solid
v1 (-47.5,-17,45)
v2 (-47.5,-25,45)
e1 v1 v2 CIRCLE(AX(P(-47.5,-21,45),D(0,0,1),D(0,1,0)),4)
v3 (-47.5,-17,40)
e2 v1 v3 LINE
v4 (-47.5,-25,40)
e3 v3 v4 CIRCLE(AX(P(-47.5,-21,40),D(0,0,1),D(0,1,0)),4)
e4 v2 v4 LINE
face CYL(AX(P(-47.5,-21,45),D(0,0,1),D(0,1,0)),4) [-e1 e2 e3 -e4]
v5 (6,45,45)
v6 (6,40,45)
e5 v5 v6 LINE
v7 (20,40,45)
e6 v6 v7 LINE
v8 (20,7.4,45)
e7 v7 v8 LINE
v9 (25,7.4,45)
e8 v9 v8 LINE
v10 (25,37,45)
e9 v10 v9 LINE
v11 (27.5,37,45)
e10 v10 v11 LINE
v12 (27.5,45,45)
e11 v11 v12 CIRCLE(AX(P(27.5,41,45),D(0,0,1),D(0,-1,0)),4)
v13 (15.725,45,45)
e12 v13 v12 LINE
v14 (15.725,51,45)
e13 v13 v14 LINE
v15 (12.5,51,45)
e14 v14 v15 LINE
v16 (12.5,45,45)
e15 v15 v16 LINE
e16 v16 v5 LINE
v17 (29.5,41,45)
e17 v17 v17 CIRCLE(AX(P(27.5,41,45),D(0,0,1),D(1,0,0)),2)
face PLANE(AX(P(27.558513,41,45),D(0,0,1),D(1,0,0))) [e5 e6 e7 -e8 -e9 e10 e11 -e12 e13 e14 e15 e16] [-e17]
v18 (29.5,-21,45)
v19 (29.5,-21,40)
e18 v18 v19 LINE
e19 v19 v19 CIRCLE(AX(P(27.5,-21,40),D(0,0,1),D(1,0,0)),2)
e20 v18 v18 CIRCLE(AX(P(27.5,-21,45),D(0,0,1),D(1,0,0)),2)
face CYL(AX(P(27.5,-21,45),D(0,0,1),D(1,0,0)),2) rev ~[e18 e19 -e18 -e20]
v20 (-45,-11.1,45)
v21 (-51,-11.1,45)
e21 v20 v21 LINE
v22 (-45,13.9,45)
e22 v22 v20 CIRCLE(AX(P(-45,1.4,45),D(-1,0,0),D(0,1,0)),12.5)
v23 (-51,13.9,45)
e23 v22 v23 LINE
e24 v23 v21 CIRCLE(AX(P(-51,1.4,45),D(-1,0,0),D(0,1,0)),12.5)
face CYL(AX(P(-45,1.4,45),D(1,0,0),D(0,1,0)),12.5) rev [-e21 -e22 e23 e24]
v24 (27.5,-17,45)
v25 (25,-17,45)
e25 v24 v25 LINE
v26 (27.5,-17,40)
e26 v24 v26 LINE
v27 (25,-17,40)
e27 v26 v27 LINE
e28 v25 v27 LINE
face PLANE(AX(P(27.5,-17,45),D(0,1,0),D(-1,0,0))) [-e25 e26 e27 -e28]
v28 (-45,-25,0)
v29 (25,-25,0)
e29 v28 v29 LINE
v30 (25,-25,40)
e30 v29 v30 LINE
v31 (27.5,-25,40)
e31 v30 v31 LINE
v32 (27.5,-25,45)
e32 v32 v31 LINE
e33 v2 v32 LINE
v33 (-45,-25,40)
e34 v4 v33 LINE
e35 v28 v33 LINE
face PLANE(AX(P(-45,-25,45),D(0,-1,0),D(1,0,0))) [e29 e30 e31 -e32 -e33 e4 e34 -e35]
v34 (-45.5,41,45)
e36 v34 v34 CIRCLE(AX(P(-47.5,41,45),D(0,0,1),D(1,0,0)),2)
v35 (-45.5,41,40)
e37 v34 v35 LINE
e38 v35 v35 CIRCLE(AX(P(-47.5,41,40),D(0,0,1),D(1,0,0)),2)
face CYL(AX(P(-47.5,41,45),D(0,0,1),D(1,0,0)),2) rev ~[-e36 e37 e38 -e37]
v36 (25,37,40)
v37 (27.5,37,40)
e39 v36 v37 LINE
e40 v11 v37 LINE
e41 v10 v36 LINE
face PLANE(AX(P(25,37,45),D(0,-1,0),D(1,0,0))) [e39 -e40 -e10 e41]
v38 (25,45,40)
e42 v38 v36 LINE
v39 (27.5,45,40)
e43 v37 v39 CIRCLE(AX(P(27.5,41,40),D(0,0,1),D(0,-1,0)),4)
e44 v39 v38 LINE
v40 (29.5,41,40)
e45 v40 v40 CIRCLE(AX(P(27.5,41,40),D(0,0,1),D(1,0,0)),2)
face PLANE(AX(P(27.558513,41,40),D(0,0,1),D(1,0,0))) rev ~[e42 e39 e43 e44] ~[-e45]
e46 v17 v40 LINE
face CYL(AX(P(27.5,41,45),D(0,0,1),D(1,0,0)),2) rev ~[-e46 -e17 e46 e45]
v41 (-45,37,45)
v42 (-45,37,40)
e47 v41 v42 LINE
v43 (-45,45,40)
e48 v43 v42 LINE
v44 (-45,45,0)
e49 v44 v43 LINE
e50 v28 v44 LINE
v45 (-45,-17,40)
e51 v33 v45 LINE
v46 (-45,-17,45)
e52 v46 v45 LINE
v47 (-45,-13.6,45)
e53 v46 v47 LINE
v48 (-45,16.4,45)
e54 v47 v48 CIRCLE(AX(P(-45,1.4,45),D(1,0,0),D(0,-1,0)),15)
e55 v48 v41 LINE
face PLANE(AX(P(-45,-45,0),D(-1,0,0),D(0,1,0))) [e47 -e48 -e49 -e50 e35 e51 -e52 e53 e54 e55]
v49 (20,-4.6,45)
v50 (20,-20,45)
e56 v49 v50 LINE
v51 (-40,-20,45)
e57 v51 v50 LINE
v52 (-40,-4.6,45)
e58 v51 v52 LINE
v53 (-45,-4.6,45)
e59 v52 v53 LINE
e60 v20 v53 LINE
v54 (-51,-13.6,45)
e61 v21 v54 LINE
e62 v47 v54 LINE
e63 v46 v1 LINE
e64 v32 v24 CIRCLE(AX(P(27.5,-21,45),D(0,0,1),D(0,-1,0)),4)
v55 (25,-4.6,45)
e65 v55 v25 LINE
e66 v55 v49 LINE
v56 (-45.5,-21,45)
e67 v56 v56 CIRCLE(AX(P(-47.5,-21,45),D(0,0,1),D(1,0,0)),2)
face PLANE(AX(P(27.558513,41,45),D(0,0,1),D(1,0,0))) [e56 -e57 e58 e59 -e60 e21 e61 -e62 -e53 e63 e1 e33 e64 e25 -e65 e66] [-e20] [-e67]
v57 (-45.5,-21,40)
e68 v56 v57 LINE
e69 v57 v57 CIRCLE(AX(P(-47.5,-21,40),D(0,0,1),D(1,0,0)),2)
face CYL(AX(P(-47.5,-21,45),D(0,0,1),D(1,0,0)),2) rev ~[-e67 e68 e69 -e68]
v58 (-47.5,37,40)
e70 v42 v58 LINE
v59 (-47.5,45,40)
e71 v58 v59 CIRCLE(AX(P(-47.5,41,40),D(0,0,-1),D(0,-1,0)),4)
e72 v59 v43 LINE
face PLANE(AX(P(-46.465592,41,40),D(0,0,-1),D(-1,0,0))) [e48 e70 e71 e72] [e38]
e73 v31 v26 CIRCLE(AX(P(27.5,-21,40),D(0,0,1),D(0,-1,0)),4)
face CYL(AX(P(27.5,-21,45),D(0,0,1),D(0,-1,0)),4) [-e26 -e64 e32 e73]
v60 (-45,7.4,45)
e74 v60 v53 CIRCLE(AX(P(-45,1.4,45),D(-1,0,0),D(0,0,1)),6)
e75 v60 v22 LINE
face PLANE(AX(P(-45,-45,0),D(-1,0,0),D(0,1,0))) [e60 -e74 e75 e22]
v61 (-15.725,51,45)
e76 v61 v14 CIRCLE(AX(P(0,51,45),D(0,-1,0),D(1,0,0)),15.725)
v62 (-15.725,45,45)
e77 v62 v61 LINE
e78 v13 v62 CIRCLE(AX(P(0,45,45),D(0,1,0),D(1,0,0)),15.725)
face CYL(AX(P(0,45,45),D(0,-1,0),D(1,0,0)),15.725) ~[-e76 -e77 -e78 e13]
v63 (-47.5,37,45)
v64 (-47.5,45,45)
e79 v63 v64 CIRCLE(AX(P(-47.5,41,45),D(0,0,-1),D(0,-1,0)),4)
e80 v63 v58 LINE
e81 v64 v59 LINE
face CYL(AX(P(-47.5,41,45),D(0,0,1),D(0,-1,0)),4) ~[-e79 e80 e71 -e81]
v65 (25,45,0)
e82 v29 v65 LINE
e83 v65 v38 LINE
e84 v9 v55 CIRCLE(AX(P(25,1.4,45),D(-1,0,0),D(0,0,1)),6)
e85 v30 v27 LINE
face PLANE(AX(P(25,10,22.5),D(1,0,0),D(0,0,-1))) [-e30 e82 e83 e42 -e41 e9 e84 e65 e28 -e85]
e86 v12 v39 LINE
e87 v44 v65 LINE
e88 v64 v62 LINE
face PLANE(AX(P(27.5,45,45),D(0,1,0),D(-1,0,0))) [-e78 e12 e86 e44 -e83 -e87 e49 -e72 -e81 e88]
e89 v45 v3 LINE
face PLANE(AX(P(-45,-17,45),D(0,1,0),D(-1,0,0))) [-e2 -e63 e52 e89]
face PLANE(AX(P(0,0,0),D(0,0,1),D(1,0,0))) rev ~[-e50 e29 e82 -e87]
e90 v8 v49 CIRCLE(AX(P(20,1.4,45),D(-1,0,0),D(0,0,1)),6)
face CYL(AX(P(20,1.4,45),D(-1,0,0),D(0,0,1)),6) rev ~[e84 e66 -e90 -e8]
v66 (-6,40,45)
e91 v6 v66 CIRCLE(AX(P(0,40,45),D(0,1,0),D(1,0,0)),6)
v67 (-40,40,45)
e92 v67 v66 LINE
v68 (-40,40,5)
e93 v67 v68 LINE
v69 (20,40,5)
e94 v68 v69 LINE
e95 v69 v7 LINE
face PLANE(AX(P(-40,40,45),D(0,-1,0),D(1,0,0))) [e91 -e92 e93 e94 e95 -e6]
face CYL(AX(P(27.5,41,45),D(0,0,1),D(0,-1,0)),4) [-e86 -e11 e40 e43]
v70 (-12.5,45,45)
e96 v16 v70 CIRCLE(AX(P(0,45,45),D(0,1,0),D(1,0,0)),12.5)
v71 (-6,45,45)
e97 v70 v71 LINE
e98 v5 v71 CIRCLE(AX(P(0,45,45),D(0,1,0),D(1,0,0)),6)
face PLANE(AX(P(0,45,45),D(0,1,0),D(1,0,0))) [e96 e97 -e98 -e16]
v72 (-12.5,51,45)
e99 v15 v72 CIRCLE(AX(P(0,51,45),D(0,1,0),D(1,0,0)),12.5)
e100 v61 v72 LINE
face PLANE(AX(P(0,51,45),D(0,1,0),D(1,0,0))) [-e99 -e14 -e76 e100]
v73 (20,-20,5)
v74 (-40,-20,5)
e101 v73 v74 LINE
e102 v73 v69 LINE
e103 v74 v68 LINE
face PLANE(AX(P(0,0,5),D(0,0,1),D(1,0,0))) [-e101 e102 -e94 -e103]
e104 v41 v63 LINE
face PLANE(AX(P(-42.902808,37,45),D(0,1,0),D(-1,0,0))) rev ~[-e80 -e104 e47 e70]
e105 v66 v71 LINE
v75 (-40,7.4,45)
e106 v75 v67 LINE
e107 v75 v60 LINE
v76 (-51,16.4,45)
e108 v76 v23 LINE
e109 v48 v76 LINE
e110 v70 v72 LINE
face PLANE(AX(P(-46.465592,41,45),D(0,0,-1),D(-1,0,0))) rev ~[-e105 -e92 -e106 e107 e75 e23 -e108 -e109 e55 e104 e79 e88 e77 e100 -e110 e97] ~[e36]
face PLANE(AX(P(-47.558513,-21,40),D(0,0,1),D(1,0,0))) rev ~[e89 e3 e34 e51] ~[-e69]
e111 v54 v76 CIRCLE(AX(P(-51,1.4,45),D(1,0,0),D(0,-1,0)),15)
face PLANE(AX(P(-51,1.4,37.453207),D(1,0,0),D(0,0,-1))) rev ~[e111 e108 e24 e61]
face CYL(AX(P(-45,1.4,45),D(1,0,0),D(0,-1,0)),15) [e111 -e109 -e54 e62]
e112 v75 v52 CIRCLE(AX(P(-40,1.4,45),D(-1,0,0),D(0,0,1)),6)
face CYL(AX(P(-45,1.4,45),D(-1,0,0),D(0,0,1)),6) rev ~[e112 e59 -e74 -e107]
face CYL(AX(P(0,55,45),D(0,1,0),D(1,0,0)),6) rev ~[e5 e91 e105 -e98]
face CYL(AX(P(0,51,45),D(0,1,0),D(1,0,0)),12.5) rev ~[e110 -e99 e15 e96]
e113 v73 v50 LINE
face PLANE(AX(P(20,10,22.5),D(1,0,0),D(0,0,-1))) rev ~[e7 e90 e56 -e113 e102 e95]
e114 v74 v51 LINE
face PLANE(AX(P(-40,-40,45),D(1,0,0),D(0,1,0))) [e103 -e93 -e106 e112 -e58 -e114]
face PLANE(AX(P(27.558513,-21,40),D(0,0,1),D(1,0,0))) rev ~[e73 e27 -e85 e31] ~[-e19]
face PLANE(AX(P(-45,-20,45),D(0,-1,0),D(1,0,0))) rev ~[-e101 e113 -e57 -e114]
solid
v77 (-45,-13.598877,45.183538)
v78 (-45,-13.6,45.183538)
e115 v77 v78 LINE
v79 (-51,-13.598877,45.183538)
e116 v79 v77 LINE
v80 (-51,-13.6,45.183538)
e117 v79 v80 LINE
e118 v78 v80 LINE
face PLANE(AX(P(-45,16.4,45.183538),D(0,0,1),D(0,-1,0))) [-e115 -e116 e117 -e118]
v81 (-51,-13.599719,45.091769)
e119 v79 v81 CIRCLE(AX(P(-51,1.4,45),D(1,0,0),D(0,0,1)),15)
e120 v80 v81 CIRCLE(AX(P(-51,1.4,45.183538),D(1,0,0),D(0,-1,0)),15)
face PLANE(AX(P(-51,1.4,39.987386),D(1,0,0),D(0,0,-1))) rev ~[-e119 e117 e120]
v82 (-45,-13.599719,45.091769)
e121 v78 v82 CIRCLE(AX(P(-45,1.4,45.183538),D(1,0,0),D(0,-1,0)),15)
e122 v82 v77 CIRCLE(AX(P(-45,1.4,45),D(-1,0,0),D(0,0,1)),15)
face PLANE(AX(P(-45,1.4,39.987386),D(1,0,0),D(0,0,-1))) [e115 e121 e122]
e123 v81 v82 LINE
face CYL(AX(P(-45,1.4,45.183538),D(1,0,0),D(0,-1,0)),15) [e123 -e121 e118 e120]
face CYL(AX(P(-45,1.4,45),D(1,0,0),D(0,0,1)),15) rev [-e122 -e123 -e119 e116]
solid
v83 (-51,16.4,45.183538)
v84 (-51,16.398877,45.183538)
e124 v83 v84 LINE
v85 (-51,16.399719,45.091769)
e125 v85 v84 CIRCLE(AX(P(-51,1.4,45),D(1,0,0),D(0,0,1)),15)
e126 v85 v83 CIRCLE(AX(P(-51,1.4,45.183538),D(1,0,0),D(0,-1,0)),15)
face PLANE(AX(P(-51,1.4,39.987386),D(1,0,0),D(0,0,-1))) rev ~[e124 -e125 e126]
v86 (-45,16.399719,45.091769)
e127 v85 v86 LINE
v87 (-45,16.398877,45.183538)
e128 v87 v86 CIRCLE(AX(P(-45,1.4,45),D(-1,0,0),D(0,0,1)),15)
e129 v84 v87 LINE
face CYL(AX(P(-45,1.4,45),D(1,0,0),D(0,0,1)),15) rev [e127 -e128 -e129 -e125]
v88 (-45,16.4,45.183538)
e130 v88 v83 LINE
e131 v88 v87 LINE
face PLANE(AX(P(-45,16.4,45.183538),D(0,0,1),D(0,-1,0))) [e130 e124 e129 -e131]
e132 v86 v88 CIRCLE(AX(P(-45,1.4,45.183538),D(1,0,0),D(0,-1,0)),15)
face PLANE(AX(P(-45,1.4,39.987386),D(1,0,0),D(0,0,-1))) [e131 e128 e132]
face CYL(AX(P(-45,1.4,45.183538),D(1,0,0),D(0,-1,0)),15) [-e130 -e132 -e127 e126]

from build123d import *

# Parameters (mm, degrees)
SKETCH_1_W               = 90
SKETCH_1_H               = 90
EXTRUDE_2_DEPTH          = 45
SKETCH_2_W               = 80
SKETCH_2_H               = 80
CUT_EXTRUDE_1_DEPTH      = 40
EXTRUDE_3_DEPTH          = 10
SKETCH_4_R               = 1
EXTRUDE_4_DEPTH          = 2
SKETCH_5_R               = 6
CUT_EXTRUDE_2_DEPTH      = 30
EXTRUDE_5_DEPTH          = 6
CUT_EXTRUDE_START        = -2
CUT_EXTRUDE_3_DEPTH      = 6
SKETCH_8_R               = 12.5
CUT_EXTRUDE_4_DEPTH      = 6
SKETCH_9_R               = 6
CUT_EXTRUDE_5_DEPTH      = 500
SKETCH_10_R              = 2
EXTRUDE_6_DEPTH          = 5
CUT_EXTRUDE_6_DEPTH      = 86.393013363
CUT_EXTRUDE_6_DEPTH_BACK = 86.393013363
EXTRUDE_8_DEPTH          = 5
EXTRUDE_9_REACH          = 89.762
SKETCH_13_W              = 70
SKETCH_13_H              = 5
SKETCH_14_R              = 2
SKETCH_14_W              = 3.535716984
SKETCH_14_H              = 8
EXTRUDE_10_DEPTH         = 5
SKETCH_15_R              = 15
CUT_EXTRUDE_7_DEPTH      = 30
SKETCH_16_R              = 34.759531797
CUT_EXTRUDE_8_DEPTH      = 4
SKETCH_17_R              = 12.5
CUT_EXTRUDE_9_DEPTH      = 6
SKETCH_18_R              = 6
CUT_EXTRUDE_10_DEPTH     = 10
EXTRUDE_11_DEPTH         = 6


with BuildPart() as part:
    # 草图1 → 凸台-拉伸2 (new body)
    with BuildSketch(Plane.XY):
        Rectangle(SKETCH_1_W, SKETCH_1_H)
    extrude(amount=EXTRUDE_2_DEPTH)

    # 草图2 → 切除-拉伸1 (cut)
    with BuildSketch(Plane.XY.offset(45)):
        Rectangle(SKETCH_2_W, SKETCH_2_H)
    extrude(amount=-CUT_EXTRUDE_1_DEPTH, mode=Mode.SUBTRACT)

    # 草图3 → 凸台-拉伸3 (add)
    with BuildSketch(Plane(origin=(0, 45, 0), x_dir=(1, 0, 0), z_dir=(0, 1, 0))):
        with BuildLine():
            Line((-15.725, -45), (15.725, -45))
            ThreePointArc((15.725, -45), (0, -29.275), (-15.725, -45))
        make_face()
    extrude(amount=EXTRUDE_3_DEPTH)

    # 草图4 → 凸台-拉伸4 (add)
    with BuildSketch(Plane(origin=(0, 55, 0), x_dir=(1, 0, 0), z_dir=(0, 1, 0))):
        with BuildLine():
            Line((-13.344644505, -28.920245738), (13.344644505, -28.920245738))
            ThreePointArc((13.344644505, -28.920245738), (16.17307163, -30.091818614), (17.344644505, -32.920245738))
            Line((17.344644505, -32.920245738), (17.344644505, -45))
            Line((17.344644505, -45), (-17.344644505, -45))
            Line((-17.344644505, -45), (-17.344644505, -32.920245738))
            ThreePointArc((-17.344644505, -32.920245738), (-16.17307163, -30.091818614), (-13.344644505, -28.920245738))
        make_face()
        with Locations(Location((13.344644505, -32.920245738, 0), (0, 0, 270))):
            Circle(SKETCH_4_R, mode=Mode.SUBTRACT)
        with Locations(Location((-13.344644505, -32.920245738, 0), (0, 0, 270))):
            Circle(SKETCH_4_R, mode=Mode.SUBTRACT)
    extrude(amount=-EXTRUDE_4_DEPTH)

    # 草图5 → 切除-拉伸2 (cut)
    with BuildSketch(Plane(origin=(0, 55, 0), x_dir=(1, 0, 0), z_dir=(0, 1, 0))):
        with Locations((0, -45)):
            Circle(SKETCH_5_R)
    extrude(amount=-CUT_EXTRUDE_2_DEPTH, mode=Mode.SUBTRACT)

    # 草图6 → 凸台-拉伸5 (add)
    with BuildSketch(Plane.ZY.offset(45)):
        with BuildLine():
            Line((45.183538062, 16.4), (45.183538062, -13.6))
            ThreePointArc((45.183538062, -13.6), (30.183538062, 1.4), (45.183538062, 16.4))
        make_face()
    extrude(amount=EXTRUDE_5_DEPTH)

    # 草图7 → 切除-拉伸3 (cut)
    with BuildSketch(Plane(origin=(0, 55, 0), x_dir=(1, 0, 0), z_dir=(0, 1, 0)).offset(CUT_EXTRUDE_START)):
        with BuildLine():
            Line((-12.5, -45), (12.5, -45))
            ThreePointArc((12.5, -45), (0, -32.5), (-12.5, -45))
        make_face()
    extrude(amount=-CUT_EXTRUDE_3_DEPTH, mode=Mode.SUBTRACT)

    # 草图8 → 切除-拉伸4 (cut)
    with BuildSketch(Plane.ZY.offset(51)):
        with Locations((45.183538062, 1.4)):
            Circle(SKETCH_8_R)
    extrude(amount=-CUT_EXTRUDE_4_DEPTH, mode=Mode.SUBTRACT)

    # 草图9 → 切除-拉伸5 (cut)
    with BuildSketch(Plane.ZY.offset(45)):
        with Locations((45, 1.4)):
            Circle(SKETCH_9_R)
    extrude(amount=-CUT_EXTRUDE_5_DEPTH, mode=Mode.SUBTRACT)

    # 草图10 → 凸台-拉伸6 (add)
    # profile 1 of 4: a face of its own
    with BuildSketch(Plane.XY.offset(45)):
        with BuildLine():
            Line((-47.5, 45), (-42.902808048, 45))
            Line((-42.902808048, 45), (-42.902808048, 37))
            Line((-42.902808048, 37), (-47.5, 37))
            ThreePointArc((-47.5, 37), (-51.5, 41), (-47.5, 45))
        make_face()
        with Locations((-47.5, 41)):
            Circle(SKETCH_10_R, mode=Mode.SUBTRACT)
    # profile 2 of 4: a face of its own
    with BuildSketch(Plane.XY.offset(45)):
        with BuildLine():
            Line((-47.5, -45), (-42.902808048, -45))
            Line((-42.902808048, -45), (-42.902808048, -37))
            Line((-42.902808048, -37), (-47.5, -37))
            ThreePointArc((-47.5, -37), (-51.5, -41), (-47.5, -45))
        make_face()
        with Locations((-47.5, -41)):
            Circle(SKETCH_10_R, mode=Mode.SUBTRACT)
    # profile 3 of 4: a face of its own
    with BuildSketch(Plane.XY.offset(45)):
        with BuildLine():
            Line((42.460881889, 45), (42.460881889, 37))
            Line((42.460881889, 37), (47.5, 37))
            ThreePointArc((47.5, 37), (51.5, 41), (47.5, 45))
            Line((47.5, 45), (42.460881889, 45))
        make_face()
        with Locations((47.5, 41)):
            Circle(SKETCH_10_R, mode=Mode.SUBTRACT)
    # profile 4 of 4: a face of its own
    with BuildSketch(Plane.XY.offset(45)):
        with BuildLine():
            Line((41.065096799, -37), (41.065096799, -45))
            Line((41.065096799, -45), (47.5, -45))
            ThreePointArc((47.5, -45), (51.5, -41), (47.5, -37))
            Line((47.5, -37), (41.065096799, -37))
        make_face()
        with Locations((47.5, -41)):
            Circle(SKETCH_10_R, mode=Mode.SUBTRACT)
    extrude(amount=-EXTRUDE_6_DEPTH)

    # 草图11 → 切除-拉伸6 (cut, two sides: drawn at the far end of the back side and taken through both)
    with BuildSketch(Plane.XY.offset(5).offset(-CUT_EXTRUDE_6_DEPTH_BACK)):
        Polygon((25, 25), (25, 60.762211799), (85.89289348, 60.762211799), (85.89289348, -73.939659246), (-86.710921037, -73.939659246), (-86.710921037, -25), (-25, -25), (25, -25), align=None)
    extrude(amount=CUT_EXTRUDE_6_DEPTH + CUT_EXTRUDE_6_DEPTH_BACK, mode=Mode.SUBTRACT)

    # 草图12 → 凸台-拉伸8 (add)
    with BuildSketch(Plane(origin=(25, 0, 0), x_dir=(0, 0, -1), z_dir=(1, 0, 0))):
        Polygon((-45, 40), (-45, -25), (-5, -25), (0, -25), (0, 45), (-45, 45), align=None)
    extrude(amount=-EXTRUDE_8_DEPTH)

    # 草图13 → 凸台-拉伸9 (add, up to next)
    with BuildSketch(Plane.XY.offset(45), mode=Mode.PRIVATE) as extrude_9_sk1:
        with Locations((-10, -22.5)):
            Rectangle(SKETCH_13_W, SKETCH_13_H)
    extrude_9_tool1 = extrude(extrude_9_sk1.sketch, amount=-EXTRUDE_9_REACH, mode=Mode.PRIVATE) - part.part
    add(extrude_9_tool1.solids().sort_by_distance((-10, -22.5, 45))[0])

    # 草图14 → 凸台-拉伸10 (add)
    # profile 1 of 5: a face of its own
    with BuildSketch(Plane.XY.offset(45)):
        with BuildLine():
            Line((27.5, 45), (25, 45))
            Line((25, 45), (25, 37))
            Line((25, 37), (27.5, 37))
            ThreePointArc((27.5, 37), (31.5, 41), (27.5, 45))
        make_face()
        with Locations((27.5, 41)):
            Circle(SKETCH_14_R, mode=Mode.SUBTRACT)
    # profile 2 of 5: a face of its own
    with BuildSketch(Plane.XY.offset(45)):
        with Locations((-43.232141508, -21)):
            Rectangle(SKETCH_14_W, SKETCH_14_H)
    # profile 3 of 5: a face of its own
    with BuildSketch(Plane.XY.offset(45)):
        with Locations((23.232141508, -21)):
            Rectangle(SKETCH_14_W, SKETCH_14_H)
    # profile 4 of 5: a face of its own
    with BuildSketch(Plane.XY.offset(45)):
        with BuildLine():
            Line((27.5, -17), (25, -17))
            Line((25, -17), (25, -25))
            Line((25, -25), (27.5, -25))
            ThreePointArc((27.5, -25), (31.5, -21), (27.5, -17))
        make_face()
        with Locations((27.5, -21)):
            Circle(SKETCH_14_R, mode=Mode.SUBTRACT)
    # profile 5 of 5: a face of its own
    with BuildSketch(Plane.XY.offset(45)):
        with BuildLine():
            Line((-47.5, -25), (-45, -25))
            Line((-45, -25), (-45, -17))
            Line((-45, -17), (-47.5, -17))
            ThreePointArc((-47.5, -17), (-51.5, -21), (-47.5, -25))
        make_face()
        with Locations((-47.5, -21)):
            Circle(SKETCH_14_R, mode=Mode.SUBTRACT)
    extrude(amount=-EXTRUDE_10_DEPTH)

    # 草图15 → 切除-拉伸7 (cut)
    with BuildSketch(Plane.ZY.offset(45)):
        with Locations((45, 1.4)):
            Circle(SKETCH_15_R)
    extrude(amount=CUT_EXTRUDE_7_DEPTH, mode=Mode.SUBTRACT)


with BuildPart() as cut_extrude_7_piece_1:
    # of the separate pieces the step leaves, piece 1, a body of its own (cut_extrude_7_pieces)
    add(part.part.solids().sort_by_distance((-45, 45, 0))[0])

    # 草图16 → 切除-拉伸8 (cut)
    with BuildSketch(Plane(origin=(0, 55, 0), x_dir=(1, 0, 0), z_dir=(0, 1, 0))):
        with Locations((0, -45)):
            Circle(SKETCH_16_R)
    extrude(amount=-CUT_EXTRUDE_8_DEPTH, mode=Mode.SUBTRACT)

    # 草图17 → 切除-拉伸9 (cut)
    with BuildSketch(Plane(origin=(0, 51, 0), x_dir=(1, 0, 0), z_dir=(0, 1, 0))):
        with Locations((0, -45)):
            Circle(SKETCH_17_R)
    extrude(amount=-CUT_EXTRUDE_9_DEPTH, mode=Mode.SUBTRACT)

    # 草图18 → 切除-拉伸10 (cut)
    with BuildSketch(Plane.ZY.offset(-20)):
        with Locations((45, 1.4)):
            Circle(SKETCH_18_R)
    extrude(amount=-CUT_EXTRUDE_10_DEPTH, mode=Mode.SUBTRACT)

    # 草图19 → 凸台-拉伸11 (add)
    with BuildSketch(Plane.ZY.offset(45)):
        with BuildLine():
            Line((45, 16.4), (45, 13.9))
            ThreePointArc((45, 13.9), (32.5, 1.4), (45, -11.1))
            Line((45, -11.1), (45, -13.6))
            ThreePointArc((45, -13.6), (30, 1.4), (45, 16.4))
        make_face()
    extrude(amount=EXTRUDE_11_DEPTH)


with BuildPart() as cut_extrude_7_piece_2:
    # of the separate pieces the step leaves, piece 2, a body of its own (cut_extrude_7_pieces)
    add(part.part.solids().sort_by_distance((-45, -13.599719279, 45.091769031))[0])


with BuildPart() as cut_extrude_7_piece_3:
    # of the separate pieces the step leaves, piece 3, a body of its own (cut_extrude_7_pieces)
    add(part.part.solids().sort_by_distance((-45, 16.398877084, 45.183538062))[0])


solid = Compound([cut_extrude_7_piece_1.part, cut_extrude_7_piece_2.part, cut_extrude_7_piece_3.part])
